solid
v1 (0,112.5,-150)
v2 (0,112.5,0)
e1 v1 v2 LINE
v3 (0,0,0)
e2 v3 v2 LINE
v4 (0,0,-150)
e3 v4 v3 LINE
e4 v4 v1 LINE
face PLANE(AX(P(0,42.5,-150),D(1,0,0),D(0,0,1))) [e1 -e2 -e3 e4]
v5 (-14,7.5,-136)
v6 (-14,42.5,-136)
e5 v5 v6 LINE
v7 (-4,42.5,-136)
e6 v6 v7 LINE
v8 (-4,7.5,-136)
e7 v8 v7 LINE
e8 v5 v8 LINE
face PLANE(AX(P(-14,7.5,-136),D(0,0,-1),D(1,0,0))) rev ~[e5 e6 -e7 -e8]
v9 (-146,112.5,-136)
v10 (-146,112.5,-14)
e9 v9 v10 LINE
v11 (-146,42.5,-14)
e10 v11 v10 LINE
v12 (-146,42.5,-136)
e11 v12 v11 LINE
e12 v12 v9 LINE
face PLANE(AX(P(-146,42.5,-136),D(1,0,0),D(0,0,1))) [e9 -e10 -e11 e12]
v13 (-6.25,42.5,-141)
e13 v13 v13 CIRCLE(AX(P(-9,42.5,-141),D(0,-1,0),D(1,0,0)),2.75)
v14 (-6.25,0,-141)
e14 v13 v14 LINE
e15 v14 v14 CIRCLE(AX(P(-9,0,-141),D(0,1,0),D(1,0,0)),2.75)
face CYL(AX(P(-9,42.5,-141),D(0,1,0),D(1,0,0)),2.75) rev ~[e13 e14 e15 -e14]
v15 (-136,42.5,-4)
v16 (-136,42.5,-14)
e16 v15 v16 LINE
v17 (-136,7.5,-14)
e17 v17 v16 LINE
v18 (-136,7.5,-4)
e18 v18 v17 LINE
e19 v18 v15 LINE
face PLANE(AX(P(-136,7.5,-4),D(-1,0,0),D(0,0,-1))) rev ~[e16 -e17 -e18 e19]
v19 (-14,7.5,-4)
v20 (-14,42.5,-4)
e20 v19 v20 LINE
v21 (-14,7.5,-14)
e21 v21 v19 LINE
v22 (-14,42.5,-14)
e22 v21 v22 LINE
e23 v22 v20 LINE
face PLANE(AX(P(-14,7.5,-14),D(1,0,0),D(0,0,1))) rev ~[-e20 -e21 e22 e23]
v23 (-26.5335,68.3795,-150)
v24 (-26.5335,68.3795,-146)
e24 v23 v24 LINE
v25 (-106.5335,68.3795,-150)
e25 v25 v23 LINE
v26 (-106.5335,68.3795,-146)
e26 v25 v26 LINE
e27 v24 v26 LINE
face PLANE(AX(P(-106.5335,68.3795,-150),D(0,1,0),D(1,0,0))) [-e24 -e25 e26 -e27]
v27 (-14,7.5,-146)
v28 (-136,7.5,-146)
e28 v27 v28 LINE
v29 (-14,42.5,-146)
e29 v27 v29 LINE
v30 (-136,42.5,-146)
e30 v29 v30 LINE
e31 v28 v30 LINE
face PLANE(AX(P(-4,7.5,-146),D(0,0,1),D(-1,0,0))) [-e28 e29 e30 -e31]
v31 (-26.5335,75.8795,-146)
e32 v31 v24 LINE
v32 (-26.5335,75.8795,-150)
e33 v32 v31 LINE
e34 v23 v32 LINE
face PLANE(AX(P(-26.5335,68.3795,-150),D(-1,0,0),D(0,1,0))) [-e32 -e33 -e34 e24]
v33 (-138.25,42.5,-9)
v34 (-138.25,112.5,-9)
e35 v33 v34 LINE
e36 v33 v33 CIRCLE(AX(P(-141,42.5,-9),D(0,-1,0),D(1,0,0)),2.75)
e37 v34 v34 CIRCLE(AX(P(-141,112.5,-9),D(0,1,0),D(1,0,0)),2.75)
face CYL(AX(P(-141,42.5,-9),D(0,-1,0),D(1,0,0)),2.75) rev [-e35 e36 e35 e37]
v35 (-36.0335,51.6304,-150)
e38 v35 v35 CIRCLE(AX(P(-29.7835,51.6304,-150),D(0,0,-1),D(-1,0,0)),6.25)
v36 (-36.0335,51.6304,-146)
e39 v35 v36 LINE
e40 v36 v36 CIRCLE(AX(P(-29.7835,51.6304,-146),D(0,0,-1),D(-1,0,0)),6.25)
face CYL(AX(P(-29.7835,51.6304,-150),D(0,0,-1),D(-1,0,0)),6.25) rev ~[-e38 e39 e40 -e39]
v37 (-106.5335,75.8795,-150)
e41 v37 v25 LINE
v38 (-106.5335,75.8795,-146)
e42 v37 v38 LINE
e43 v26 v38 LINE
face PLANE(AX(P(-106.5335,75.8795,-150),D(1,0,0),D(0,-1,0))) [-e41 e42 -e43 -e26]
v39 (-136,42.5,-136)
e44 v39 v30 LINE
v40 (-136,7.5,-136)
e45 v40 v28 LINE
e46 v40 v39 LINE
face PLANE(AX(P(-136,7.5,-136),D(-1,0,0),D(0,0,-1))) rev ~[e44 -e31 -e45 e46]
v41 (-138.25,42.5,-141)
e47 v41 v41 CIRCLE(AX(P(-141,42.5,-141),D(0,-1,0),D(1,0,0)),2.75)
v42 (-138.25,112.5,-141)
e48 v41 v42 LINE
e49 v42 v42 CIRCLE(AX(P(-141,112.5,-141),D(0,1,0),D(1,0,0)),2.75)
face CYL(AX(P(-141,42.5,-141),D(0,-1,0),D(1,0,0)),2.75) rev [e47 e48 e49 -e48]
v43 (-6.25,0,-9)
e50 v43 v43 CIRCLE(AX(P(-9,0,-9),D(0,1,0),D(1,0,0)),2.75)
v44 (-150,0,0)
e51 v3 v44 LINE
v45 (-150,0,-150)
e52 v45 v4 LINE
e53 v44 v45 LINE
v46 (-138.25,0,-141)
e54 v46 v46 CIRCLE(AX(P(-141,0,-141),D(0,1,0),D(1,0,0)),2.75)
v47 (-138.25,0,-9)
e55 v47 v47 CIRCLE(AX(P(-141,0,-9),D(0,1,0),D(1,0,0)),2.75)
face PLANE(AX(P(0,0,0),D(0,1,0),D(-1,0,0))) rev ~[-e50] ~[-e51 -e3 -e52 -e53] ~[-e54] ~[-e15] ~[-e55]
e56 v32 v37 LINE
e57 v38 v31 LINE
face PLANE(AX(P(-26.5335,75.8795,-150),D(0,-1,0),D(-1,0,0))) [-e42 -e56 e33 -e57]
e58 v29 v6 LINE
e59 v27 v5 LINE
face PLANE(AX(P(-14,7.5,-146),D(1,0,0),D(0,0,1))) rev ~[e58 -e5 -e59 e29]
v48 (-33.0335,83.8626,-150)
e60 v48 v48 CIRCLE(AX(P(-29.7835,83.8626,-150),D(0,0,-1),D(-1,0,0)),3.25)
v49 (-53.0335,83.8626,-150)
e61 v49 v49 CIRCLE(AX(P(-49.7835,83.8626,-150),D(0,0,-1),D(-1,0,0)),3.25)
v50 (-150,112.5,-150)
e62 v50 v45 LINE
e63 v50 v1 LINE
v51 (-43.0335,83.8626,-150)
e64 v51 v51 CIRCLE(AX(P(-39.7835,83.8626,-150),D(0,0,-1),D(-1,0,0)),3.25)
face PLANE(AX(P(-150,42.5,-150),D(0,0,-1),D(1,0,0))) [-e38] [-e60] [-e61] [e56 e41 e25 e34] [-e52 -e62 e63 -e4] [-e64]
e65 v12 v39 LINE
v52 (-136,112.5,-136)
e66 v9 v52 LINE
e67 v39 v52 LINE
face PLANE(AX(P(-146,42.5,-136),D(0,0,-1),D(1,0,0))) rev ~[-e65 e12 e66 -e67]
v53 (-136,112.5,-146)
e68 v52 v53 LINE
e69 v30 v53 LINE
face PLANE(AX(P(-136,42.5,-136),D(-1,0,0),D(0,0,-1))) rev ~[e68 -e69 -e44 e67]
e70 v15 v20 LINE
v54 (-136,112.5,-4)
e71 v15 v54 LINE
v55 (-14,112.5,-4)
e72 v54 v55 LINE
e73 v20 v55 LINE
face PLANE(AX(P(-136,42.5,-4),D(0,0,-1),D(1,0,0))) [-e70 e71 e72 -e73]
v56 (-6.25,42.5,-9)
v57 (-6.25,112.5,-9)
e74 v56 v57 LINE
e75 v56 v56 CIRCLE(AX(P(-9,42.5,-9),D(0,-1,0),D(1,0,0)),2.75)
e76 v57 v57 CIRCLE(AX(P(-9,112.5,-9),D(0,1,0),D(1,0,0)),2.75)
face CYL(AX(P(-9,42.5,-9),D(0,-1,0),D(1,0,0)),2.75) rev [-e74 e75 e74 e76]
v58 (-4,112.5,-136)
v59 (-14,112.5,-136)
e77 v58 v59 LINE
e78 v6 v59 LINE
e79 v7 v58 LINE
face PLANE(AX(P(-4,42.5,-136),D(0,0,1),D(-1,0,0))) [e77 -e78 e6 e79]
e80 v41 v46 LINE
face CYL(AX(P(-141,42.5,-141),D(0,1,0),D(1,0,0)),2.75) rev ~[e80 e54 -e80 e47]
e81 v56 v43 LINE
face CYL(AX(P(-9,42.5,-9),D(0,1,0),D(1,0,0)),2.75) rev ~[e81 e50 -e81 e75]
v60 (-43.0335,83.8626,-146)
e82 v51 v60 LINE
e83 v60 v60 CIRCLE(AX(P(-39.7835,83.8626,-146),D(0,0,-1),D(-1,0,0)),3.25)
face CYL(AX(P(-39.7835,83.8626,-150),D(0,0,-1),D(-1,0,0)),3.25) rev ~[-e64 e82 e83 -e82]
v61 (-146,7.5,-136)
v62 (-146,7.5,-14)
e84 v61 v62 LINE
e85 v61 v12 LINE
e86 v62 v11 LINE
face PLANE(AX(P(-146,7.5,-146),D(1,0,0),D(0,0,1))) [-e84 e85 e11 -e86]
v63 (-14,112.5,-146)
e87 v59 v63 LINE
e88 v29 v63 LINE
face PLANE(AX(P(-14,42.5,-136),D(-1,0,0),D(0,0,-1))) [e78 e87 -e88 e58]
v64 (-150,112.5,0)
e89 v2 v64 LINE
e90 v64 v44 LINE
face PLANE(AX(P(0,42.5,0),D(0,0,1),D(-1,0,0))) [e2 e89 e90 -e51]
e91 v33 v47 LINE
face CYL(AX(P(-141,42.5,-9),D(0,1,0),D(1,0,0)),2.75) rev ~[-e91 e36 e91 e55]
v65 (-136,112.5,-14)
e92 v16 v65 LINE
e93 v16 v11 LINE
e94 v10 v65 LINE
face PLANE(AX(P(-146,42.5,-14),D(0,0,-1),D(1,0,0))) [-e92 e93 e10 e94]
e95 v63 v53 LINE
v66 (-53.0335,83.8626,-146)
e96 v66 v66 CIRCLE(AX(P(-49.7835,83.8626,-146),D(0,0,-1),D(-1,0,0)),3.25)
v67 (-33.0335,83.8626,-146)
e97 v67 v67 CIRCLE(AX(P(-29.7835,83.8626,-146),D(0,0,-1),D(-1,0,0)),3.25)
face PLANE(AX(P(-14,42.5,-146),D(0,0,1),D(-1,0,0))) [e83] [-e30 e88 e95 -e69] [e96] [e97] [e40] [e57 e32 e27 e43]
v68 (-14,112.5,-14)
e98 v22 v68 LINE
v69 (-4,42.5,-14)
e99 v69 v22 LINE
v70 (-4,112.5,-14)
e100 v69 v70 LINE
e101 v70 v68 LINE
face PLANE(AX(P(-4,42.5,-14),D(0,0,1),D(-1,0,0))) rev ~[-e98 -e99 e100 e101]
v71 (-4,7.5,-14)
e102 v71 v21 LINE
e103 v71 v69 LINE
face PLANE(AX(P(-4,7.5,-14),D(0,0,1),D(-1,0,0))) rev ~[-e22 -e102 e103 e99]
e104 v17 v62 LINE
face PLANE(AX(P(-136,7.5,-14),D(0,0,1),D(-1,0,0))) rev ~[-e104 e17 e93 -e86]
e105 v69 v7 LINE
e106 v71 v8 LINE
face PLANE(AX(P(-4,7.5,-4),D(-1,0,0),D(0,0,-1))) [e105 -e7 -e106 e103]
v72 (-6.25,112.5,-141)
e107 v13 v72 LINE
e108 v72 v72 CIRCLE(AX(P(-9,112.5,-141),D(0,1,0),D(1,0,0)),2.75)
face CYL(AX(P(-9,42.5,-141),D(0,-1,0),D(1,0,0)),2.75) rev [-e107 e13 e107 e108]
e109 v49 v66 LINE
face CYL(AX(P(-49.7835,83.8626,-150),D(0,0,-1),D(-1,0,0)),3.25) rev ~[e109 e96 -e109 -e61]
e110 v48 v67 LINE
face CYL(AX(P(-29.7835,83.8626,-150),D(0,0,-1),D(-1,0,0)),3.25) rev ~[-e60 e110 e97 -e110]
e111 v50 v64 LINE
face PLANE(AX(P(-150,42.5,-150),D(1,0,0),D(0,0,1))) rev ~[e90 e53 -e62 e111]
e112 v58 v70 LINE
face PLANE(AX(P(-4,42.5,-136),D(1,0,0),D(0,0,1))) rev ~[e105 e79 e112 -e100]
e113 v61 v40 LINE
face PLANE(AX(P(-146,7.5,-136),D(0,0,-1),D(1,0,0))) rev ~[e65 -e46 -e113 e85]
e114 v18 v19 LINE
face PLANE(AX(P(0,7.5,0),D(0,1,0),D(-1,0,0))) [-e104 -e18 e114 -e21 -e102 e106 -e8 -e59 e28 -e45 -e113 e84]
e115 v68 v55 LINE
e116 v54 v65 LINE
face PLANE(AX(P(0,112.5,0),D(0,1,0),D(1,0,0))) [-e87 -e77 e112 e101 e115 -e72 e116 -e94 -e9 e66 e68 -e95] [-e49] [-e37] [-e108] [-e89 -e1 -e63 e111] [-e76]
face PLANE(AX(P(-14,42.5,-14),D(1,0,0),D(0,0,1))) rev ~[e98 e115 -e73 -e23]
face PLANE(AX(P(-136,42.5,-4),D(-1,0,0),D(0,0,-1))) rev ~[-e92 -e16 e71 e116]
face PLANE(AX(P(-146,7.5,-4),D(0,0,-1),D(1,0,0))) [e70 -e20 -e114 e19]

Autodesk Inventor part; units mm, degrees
ref_plane "YZ Plane" through (0, 0, 0) normal (1, 0, 0) x (0, 1, 0)
ref_plane "XZ Plane" through (0, 0, 0) normal (0, 1, 0) x (-1, 0, 0)
ref_plane "XY Plane" through (0, 0, 0) normal (0, 0, 1) x (1, 0, 0)
sketch "Sketch1" plane through (0, 0, 0) normal (0, 1, 0) x (-1, 0, 0)
  point P0 (0, 0)
sketch "Sketch2" plane through (0, 0, 0) normal (0, 1, 0) x (-1, 0, 0)
  line L0 (0, 0) -> (150, 0)
  line L1 (150, 0) -> (150, -150)
  line L2 (150, -150) -> (0, -150)
  line L3 (0, -150) -> (0, 0)
  dimension "d0" = 150
  dimension "d1" = 150
extrude "Extrusion1" add sketch "Sketch2" along normal blind 7.5
sketch "Sketch4" plane through (0, 7.5, 0) normal (0, 1, 0) x (1, 0, 0)
  line L0 (0, 0) -> (-150, 0) projected
  line L1 (0, 150) -> (0, 0) projected
  line L2 (-150, 0) -> (0, 0)
  line L3 (0, 0) -> (0, 150)
  line L4 (0, 150) -> (-150, 150)
  line L5 (-150, 150) -> (-150, 0)
  line L6 (-146, 4) -> (-4, 4)
  line L7 (-4, 4) -> (-4, 146)
  line L8 (-4, 146) -> (-146, 146)
  line L9 (-146, 146) -> (-146, 4)
  dimension "d7" = 4
extrude "Extrusion3" add sketch "Sketch4" along normal blind 35
sketch "Sketch5" plane through (0, 7.5, 0) normal (0, 1, 0) x (1, 0, 0)
  line L0 (-146, 146) -> (-146, 4) projected
  line L1 (-146, 4) -> (-136, 4)
  line L2 (-136, 4) -> (-136, 14)
  line L3 (-136, 14) -> (-146, 14)
  line L4 (-146, 14) -> (-146, 4)
  point P0 (0, 0)
  dimension "d10" = 10
  dimension "d11" = 10
extrude "Extrusion4" add sketch "Sketch5" along normal blind 35
pattern_linear "Rectangular Pattern1" count 2 spacing 132 along (0, 0, -1) count 2 spacing 132 along (1, 0, 0) of "Extrusion4"
sketch "Sketch6" plane through (0, 42.5, 0) normal (0, 1, 0) x (1, 0, 0)
  line L0 (-136, 14) -> (-146, 14) projected
  line L1 (-141, 14) -> (-141, 0)
  line L2 (0, 0) -> (-150, 0) projected
  circle A0 centre (-141, 9) radius 2.75
  dimension "d20" = 5.5
extrude "Extrusion5" cut sketch "Sketch6" against normal blind 80
pattern_linear "Rectangular Pattern2" count 2 spacing 132 along (0, 0, -1) count 2 spacing 132 along (1, 0, 0) of "Extrusion5"
sketch "Sketch9" plane through (0, 42.5, 0) normal (0, 1, 0) x (1, 0, 0)
  point P0 (0, 0)
sketch "Sketch10" plane through (0, 42.5, 0) normal (0, 1, 0) x (1, 0, 0)
  line L0 (0, 0) -> (-150, 0) projected
  line L1 (-150, 150) -> (-150, 0) projected
  line L2 (0, 0) -> (-150, 0)
  line L3 (-150, 0) -> (-150, 150)
  line L4 (-150, 150) -> (0, 150)
  line L5 (0, 150) -> (0, 0)
  line L6 (-136, 4) -> (-14, 4) projected
  line L7 (-14, 4) -> (-136, 4)
  line L8 (-136, 4) -> (-136, 14) projected
  line L9 (-136, 4) -> (-136, 14)
  line L10 (-146, 14) -> (-136, 14) projected
  line L11 (-136, 14) -> (-146, 14)
  line L12 (-146, 136) -> (-146, 14) projected
  line L13 (-146, 14) -> (-146, 136)
  line L14 (-146, 136) -> (-136, 136)
  line L15 (-14, 146) -> (-136, 146) projected
  line L16 (-136, 136) -> (-136, 146)
  line L17 (-14, 136) -> (-14, 146) projected
  line L18 (-136, 146) -> (-14, 146)
  line L19 (-14, 146) -> (-14, 136)
  line L20 (-4, 136) -> (-14, 136) projected
  line L21 (-14, 136) -> (-4, 136)
  line L22 (-4, 136) -> (-4, 14)
  line L23 (-4, 14) -> (-14, 14) projected
  line L24 (-4, 14) -> (-14, 14)
  line L25 (-14, 14) -> (-14, 4) projected
  line L26 (-14, 14) -> (-14, 4)
  circle A0 centre (-9, 9) radius 2.75
  circle A1 centre (-141, 9) radius 2.75
  circle A2 centre (-141, 141) radius 2.75 projected
  circle A3 centre (-141, 141) radius 2.75
  circle A4 centre (-9, 141) radius 2.75 projected
  circle A5 centre (-9, 141) radius 2.75
extrude "Extrusion8" add sketch "Sketch10" along normal blind 70
sketch "Sketch11" plane through (0, 0, -150) normal (0, 0, -1) x (-1, 0, 0)
  point P0 (0, 0)
sketch "Sketch12" plane through (0, 0, -150) normal (0, 0, -1) x (-1, 0, 0)
  circle A0 centre (29.7835, 83.8626) radius 3.25
  point P0 (0, 0)
  dimension "d47" = 6.5
extrude "Extrusion9" cut sketch "Sketch12" against normal blind 70
pattern_linear "Rectangular Pattern5" count 3 spacing 10 along (-1, 0, 0) of "Extrusion9"
sketch "Sketch13" plane through (0, 0, -150) normal (0, 0, -1) x (-1, 0, 0)
  line L0 (26.5335, 75.8795) -> (106.5335, 75.8795)
  line L1 (106.5335, 75.8795) -> (106.5335, 68.3795)
  line L2 (106.5335, 68.3795) -> (26.5335, 68.3795)
  line L3 (26.5335, 68.3795) -> (26.5335, 75.8795)
  point P0 (0, 0)
  dimension "d53" = 80
  dimension "d54" = 7.5
extrude "Extrusion10" cut sketch "Sketch13" against normal blind 70
sketch "Sketch14" plane through (-136, 7.5, -146) normal (0, 0, 1) x (1, 0, 0)
  point P0 (136, -7.5)
sketch "Sketch15" plane through (-136, 7.5, -146) normal (0, 0, 1) x (1, 0, 0)
  point P0 (136, -7.5)
sketch "Sketch16" plane through (0, 0, -150) normal (0, 0, -1) x (-1, 0, 0)
  circle A0 centre (29.7835, 51.6304) radius 6.25
  point P0 (0, 0)
  dimension "d57" = 12.5
extrude "Extrusion11" cut sketch "Sketch16" against normal blind 70
properties part number "Bottom"
